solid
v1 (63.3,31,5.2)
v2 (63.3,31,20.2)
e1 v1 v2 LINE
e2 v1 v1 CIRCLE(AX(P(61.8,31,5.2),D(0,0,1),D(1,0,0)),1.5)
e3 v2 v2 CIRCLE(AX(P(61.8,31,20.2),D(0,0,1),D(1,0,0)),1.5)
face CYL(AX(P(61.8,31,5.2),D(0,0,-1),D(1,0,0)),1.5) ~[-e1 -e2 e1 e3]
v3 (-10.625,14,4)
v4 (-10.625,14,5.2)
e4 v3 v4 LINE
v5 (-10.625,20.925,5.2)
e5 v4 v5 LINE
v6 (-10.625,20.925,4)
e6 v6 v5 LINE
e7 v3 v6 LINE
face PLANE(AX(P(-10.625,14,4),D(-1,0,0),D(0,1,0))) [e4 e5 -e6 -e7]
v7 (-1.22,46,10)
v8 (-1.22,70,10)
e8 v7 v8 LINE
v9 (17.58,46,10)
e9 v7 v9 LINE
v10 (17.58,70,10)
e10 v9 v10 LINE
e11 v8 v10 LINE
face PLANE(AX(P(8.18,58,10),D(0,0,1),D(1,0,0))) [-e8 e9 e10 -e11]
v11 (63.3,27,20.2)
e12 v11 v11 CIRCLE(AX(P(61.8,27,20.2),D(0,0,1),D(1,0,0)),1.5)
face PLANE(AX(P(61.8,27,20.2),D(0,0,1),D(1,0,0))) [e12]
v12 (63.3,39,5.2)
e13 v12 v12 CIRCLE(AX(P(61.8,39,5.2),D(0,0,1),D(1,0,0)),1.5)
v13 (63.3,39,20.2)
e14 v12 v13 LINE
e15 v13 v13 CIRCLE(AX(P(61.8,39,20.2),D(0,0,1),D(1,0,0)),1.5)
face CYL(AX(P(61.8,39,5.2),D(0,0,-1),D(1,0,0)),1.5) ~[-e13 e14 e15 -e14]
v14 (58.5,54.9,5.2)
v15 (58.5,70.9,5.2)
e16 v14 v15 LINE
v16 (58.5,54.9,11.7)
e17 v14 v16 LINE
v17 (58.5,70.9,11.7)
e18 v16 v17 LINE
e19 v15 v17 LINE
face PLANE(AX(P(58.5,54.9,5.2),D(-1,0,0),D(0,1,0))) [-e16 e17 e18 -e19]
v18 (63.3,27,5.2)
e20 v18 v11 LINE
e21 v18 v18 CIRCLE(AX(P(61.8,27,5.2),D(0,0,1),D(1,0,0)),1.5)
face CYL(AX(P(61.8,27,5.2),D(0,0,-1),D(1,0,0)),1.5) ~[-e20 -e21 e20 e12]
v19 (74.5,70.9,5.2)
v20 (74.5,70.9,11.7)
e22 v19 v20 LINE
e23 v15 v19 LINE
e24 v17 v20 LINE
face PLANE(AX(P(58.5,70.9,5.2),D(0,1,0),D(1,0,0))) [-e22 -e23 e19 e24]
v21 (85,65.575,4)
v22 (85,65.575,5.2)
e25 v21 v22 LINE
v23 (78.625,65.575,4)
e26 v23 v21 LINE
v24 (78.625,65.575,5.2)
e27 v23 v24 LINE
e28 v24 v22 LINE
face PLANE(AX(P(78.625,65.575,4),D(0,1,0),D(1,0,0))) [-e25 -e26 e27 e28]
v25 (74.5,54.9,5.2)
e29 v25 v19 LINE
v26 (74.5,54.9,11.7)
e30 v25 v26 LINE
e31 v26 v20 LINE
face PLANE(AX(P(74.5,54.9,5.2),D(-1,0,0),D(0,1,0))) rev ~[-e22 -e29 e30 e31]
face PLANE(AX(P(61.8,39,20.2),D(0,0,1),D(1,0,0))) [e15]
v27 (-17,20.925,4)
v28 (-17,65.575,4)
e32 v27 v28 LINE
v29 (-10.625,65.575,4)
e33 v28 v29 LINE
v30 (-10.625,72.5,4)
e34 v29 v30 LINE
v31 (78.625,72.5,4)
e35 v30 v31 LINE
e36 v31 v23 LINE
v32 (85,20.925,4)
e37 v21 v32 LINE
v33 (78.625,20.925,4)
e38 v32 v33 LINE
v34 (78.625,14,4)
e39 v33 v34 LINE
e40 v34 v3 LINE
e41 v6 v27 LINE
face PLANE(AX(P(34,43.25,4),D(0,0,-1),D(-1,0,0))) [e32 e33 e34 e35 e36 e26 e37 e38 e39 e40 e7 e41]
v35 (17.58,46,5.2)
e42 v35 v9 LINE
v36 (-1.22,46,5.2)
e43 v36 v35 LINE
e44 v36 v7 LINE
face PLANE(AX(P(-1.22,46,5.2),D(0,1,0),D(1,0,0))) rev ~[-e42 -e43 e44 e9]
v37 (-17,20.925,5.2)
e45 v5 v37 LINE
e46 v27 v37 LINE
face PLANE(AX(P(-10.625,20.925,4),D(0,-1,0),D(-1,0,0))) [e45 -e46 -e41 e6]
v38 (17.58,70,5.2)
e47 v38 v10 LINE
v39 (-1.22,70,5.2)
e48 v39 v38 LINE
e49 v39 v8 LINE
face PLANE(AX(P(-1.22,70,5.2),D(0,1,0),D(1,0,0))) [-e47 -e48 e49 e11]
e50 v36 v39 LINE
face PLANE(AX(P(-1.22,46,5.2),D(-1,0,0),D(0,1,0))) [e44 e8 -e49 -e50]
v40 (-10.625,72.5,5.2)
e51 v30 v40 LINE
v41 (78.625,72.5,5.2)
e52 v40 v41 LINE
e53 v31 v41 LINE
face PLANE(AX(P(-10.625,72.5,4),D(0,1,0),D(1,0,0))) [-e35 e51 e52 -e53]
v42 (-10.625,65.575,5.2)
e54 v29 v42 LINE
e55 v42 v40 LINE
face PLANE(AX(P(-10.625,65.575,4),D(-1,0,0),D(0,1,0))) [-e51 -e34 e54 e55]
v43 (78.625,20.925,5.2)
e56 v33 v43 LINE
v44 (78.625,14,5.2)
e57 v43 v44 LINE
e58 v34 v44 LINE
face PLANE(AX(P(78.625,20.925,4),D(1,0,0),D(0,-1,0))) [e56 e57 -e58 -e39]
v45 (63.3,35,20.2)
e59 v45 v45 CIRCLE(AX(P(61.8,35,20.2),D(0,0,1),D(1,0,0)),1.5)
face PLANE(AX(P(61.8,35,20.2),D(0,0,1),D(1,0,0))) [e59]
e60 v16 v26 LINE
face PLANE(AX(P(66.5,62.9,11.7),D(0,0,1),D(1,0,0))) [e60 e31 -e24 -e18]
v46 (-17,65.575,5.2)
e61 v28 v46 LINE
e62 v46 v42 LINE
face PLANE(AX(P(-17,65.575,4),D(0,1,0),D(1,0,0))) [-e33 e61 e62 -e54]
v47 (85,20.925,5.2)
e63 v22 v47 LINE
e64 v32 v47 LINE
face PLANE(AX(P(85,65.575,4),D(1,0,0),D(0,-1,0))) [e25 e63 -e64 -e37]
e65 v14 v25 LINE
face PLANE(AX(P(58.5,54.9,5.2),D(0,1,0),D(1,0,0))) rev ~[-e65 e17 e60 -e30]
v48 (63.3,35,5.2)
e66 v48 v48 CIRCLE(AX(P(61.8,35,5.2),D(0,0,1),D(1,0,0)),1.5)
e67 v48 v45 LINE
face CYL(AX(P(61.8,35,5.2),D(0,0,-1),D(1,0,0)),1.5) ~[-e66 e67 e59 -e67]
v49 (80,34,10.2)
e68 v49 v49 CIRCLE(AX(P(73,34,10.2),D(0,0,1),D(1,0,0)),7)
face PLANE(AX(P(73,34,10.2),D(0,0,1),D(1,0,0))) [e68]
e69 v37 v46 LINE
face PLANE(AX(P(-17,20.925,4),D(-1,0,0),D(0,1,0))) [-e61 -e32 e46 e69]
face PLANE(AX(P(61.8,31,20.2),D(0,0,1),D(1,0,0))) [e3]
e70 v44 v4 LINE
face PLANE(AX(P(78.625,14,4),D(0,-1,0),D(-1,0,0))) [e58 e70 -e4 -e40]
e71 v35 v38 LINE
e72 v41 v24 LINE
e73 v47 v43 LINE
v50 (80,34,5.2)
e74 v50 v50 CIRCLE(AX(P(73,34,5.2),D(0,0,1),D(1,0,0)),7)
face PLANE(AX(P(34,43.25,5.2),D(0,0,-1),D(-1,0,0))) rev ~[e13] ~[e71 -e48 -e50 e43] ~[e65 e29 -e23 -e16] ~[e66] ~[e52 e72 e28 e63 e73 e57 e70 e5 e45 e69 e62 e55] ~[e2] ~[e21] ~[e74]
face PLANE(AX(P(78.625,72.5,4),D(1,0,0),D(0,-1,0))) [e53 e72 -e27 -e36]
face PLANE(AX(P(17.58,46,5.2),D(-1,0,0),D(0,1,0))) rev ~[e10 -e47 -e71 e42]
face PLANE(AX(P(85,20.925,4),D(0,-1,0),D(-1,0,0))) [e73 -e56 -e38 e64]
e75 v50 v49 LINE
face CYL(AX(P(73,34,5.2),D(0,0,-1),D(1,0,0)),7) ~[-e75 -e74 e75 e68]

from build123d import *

# Parameters (mm, degrees)
PAD001_DEPTH = 1.2
SKETCH007_W  = 16
SKETCH007_H  = 16
PAD002_DEPTH = 6.5
SKETCH008_R  = 1.5
PAD003_DEPTH = 15
SKETCH009_R  = 7
PAD004_DEPTH = 5
SKETCH010_W  = 18.8
SKETCH010_H  = 24
PAD005_DEPTH = 4.8


with BuildPart() as part:
    # Sketch006 → Pad001 (new body)
    with BuildSketch(Plane.XY):
        Polygon((-10.625, 72.5), (78.625, 72.5), (78.625, 65.575), (85, 65.575), (85, 20.925), (78.625, 20.925), (78.625, 14), (-10.625, 14), (-10.625, 20.925), (-17, 20.925), (-17, 65.575), (-10.625, 65.575), align=None)
    extrude(amount=PAD001_DEPTH)

    # Sketch007 (on Face14 of Pad001) → Pad002 (join)
    with BuildSketch(Plane.XY.offset(1.2)):
        with Locations((66.5, 62.9)):
            Rectangle(SKETCH007_W, SKETCH007_H)
    extrude(amount=PAD002_DEPTH)

    # Sketch008 (on Face5 of Pad002) → Pad003 (join)
    with BuildSketch(Plane.XY.offset(1.2)):
        with Locations((61.8, 39)):
            Circle(SKETCH008_R)
        with Locations((61.8, 35)):
            Circle(SKETCH008_R)
        with Locations((61.8, 31)):
            Circle(SKETCH008_R)
        with Locations((61.8, 27)):
            Circle(SKETCH008_R)
    extrude(amount=PAD003_DEPTH)

    # Sketch009 (on Face5 of Pad003) → Pad004 (join)
    with BuildSketch(Plane.XY.offset(1.2)):
        with Locations((73, 34)):
            Circle(SKETCH009_R)
    extrude(amount=PAD004_DEPTH)

    # Sketch010 (on Face5 of Pad004) → Pad005 (join)
    with BuildSketch(Plane.XY.offset(1.2)):
        with Locations((8.18, 58)):
            Rectangle(SKETCH010_W, SKETCH010_H)
    extrude(amount=PAD005_DEPTH)


with BuildPart() as part_1:
    # Body004 placement: moved
    add(part.part.moved(Location((0, 0, 4))))


solid = part_1.part
